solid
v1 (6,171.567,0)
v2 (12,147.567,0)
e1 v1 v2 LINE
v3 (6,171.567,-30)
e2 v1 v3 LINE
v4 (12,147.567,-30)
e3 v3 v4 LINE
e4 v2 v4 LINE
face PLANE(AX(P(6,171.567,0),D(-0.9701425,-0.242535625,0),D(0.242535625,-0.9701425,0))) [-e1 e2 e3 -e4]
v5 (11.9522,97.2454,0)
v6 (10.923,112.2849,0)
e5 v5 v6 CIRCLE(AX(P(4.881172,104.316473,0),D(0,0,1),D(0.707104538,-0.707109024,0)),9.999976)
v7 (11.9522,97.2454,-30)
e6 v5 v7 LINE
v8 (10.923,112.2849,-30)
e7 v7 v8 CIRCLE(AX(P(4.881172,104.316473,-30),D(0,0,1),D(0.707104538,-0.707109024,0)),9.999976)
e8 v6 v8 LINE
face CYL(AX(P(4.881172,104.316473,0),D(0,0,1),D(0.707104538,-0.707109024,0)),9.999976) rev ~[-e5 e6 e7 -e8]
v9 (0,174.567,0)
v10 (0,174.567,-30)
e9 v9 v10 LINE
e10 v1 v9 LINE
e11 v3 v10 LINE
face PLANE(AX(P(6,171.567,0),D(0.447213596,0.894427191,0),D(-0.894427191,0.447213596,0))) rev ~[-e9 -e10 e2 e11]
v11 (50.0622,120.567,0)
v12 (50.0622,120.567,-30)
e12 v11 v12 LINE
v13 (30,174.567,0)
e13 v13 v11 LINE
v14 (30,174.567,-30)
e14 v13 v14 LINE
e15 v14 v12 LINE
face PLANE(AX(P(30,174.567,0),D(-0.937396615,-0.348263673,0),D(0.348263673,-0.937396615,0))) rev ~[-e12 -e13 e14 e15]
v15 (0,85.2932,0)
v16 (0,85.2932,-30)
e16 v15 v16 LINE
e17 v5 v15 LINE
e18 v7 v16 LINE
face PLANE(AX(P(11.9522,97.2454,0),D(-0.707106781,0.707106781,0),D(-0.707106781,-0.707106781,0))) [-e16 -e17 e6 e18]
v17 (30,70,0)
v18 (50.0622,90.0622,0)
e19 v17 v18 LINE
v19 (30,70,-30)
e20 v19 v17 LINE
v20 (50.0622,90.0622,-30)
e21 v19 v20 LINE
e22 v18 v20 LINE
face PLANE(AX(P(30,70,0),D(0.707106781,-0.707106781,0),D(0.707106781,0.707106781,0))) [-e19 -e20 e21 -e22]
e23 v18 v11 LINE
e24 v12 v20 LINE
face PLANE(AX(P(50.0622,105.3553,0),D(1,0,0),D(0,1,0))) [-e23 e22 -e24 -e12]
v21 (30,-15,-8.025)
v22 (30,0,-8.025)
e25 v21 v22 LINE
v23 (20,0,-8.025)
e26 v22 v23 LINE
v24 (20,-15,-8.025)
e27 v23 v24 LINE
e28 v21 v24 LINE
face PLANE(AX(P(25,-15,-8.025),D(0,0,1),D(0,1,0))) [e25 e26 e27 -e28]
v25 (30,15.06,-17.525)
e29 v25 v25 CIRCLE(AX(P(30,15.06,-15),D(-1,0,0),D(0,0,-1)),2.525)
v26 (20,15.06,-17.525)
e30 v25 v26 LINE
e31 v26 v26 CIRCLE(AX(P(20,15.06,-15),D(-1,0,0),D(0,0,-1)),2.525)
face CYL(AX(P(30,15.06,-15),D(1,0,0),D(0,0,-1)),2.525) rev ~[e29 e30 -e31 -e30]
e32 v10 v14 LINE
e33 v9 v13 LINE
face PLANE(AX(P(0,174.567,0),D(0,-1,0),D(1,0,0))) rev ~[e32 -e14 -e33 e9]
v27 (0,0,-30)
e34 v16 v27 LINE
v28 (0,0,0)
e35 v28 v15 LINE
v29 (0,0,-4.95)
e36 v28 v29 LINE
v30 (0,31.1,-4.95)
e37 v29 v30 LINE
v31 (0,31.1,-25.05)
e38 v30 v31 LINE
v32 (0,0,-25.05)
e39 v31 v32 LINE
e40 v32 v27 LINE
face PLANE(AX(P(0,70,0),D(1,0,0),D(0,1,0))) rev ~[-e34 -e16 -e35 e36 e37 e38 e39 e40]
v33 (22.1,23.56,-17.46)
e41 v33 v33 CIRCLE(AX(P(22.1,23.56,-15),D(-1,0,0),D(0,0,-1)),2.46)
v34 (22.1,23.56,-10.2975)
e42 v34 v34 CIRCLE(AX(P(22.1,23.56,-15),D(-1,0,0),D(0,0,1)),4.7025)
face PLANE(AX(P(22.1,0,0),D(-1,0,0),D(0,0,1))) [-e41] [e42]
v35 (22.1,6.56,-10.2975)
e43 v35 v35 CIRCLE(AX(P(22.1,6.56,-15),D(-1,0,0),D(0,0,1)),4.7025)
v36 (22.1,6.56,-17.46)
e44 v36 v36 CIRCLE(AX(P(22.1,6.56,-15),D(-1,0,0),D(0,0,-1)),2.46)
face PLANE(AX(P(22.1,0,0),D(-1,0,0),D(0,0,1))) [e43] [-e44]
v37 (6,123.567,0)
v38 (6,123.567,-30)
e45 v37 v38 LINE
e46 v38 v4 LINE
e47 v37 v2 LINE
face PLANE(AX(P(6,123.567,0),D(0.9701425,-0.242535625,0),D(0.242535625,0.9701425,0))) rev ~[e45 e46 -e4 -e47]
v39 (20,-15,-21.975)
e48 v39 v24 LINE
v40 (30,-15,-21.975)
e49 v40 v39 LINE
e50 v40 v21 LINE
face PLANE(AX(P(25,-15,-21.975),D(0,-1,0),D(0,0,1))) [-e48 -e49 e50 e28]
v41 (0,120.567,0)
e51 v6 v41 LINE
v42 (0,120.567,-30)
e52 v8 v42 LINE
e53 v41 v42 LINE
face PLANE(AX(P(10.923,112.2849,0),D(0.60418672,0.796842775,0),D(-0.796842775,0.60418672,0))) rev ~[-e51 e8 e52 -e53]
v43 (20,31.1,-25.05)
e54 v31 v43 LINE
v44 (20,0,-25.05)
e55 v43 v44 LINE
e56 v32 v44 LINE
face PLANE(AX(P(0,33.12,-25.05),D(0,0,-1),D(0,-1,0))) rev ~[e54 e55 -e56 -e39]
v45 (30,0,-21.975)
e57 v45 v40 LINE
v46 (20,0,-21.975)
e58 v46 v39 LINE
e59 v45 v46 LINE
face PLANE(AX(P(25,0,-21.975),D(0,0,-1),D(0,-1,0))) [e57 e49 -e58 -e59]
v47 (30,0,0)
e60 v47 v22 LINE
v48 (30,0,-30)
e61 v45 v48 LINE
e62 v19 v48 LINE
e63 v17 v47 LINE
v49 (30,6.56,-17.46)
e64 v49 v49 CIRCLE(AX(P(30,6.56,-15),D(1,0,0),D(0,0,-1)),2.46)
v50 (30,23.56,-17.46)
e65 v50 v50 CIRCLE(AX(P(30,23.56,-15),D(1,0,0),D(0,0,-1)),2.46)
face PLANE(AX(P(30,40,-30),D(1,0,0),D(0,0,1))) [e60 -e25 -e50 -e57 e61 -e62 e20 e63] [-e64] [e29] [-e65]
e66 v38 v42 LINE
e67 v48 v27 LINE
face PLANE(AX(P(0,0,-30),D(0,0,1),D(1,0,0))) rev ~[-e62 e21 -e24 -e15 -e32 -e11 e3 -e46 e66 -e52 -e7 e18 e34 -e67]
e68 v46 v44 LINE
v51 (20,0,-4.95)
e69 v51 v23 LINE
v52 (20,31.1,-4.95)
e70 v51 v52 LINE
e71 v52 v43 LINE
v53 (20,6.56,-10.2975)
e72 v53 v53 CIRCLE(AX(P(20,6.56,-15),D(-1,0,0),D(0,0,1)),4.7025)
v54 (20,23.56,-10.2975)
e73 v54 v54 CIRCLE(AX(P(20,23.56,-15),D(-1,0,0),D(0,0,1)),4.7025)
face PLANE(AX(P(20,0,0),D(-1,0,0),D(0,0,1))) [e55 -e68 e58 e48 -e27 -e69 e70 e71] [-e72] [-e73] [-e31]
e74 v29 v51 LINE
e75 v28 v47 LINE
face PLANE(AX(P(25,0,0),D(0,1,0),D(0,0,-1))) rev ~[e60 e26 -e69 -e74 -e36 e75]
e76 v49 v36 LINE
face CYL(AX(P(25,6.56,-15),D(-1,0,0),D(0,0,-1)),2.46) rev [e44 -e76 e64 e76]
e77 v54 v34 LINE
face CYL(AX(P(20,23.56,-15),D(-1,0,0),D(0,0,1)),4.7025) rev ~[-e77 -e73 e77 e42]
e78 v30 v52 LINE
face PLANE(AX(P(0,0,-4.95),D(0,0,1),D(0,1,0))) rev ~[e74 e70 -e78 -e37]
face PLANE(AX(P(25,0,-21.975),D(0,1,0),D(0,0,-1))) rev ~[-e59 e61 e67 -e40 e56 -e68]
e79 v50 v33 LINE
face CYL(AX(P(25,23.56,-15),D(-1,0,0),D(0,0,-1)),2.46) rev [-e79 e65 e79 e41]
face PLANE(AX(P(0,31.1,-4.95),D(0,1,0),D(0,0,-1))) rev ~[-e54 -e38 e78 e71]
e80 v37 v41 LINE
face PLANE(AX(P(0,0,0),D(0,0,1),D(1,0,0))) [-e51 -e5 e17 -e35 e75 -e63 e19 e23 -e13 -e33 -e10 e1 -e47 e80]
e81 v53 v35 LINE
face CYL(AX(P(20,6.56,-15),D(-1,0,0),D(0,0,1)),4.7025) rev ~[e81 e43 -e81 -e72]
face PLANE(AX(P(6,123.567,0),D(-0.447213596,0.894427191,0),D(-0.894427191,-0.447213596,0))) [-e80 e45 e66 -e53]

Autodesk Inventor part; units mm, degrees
ref_plane "YZ Plane" through (0, 0, 0) normal (1, 0, 0) x (0, 1, 0)
ref_plane "XZ Plane" through (0, 0, 0) normal (0, 1, 0) x (-1, 0, 0)
ref_plane "XY Plane" through (0, 0, 0) normal (0, 0, 1) x (1, 0, 0)
sketch "Sketch1" plane through (0, 0, 0) normal (0, 0, 1) x (1, 0, 0)
  line L0 (0, 0) -> (25, 0)
  line L1 (25, 0) -> (25, 40)
  line L2 (25, 40) -> (0, 40)
  line L3 (0, 40) -> (0, 0)
  dimension "d1" = 25
  dimension "d2" = 40
  dimension "d3" = 25
extrude "Extrusion1" add sketch "Sketch1" against normal blind 30
sketch "Sketch2" plane through (25, 0, 0) normal (1, 0, 0) x (0, 0, -1)
  line L0 (0, 0) -> (30, 0) projected
  circle A0 centre (15, 6.56) radius 2.46
extrude "Extrusion2" cut sketch "Sketch2" against normal blind 30
sketch "Sketch3" plane through (0, 0, 0) normal (-1, 0, 0) x (0, 0, 1)
  line L0 (0, 0) -> (-30, 0) projected
  line L1 (-25.05, 0) -> (-4.95, 0)
  line L2 (-4.95, 0) -> (-4.95, 33.12)
  line L3 (-4.95, 33.12) -> (-25.05, 33.12)
  line L4 (-25.05, 33.12) -> (-25.05, 0)
  dimension "d11" = 20.1
extrude "Extrusion3" cut sketch "Sketch3" against normal blind 20
sketch "Sketch4" plane through (0, 0, 0) normal (0, -1, 0) x (1, 0, 0)
  line L0 (20, -4.95) -> (20, -25.05) projected
  line L1 (20, -15) -> (25, -15)
  line L2 (25, 0) -> (25, -30) projected
  line L3 (20, -8.025) -> (25, -8.025)
  line L4 (25, -8.025) -> (25, -21.975)
  line L5 (25, -21.975) -> (20, -21.975)
  line L6 (20, -21.975) -> (20, -8.025)
  line L7 (20, -8.025) -> (25, -21.975) construction
  line L8 (25, -8.025) -> (20, -21.975) construction
  line L9 (25, -12.54) -> (25, -17.46) projected
  point P0 (0, 0)
  point P1 (22.5, -15)
  dimension "d14" = 13.95
extrude "Extrusion4" add sketch "Sketch4" along normal blind 15
sketch "Sketch5" plane through (20, 0, 0) normal (-1, 0, 0) x (0, 0, 1)
  circle A0 centre (-15, 6.56) radius 2.46 projected
  circle A1 centre (-15, 6.56) radius 4.7025
  circle A2 centre (-15, 6.56) radius 2.46 projected
  circle A3 centre (-15, 6.56) radius 2.46
  point P0 (0, 0)
  dimension "d17" = 9.405
extrude "Extrusion5" cut sketch "Sketch5" against normal blind 2.1
sketch "Sketch6" plane through (25, 0, 0) normal (1, 0, 0) x (0, 0, -1)
  circle A0 centre (15, 6.56) radius 4.7025 projected
  line L0 (15, 6.56) -> (15, 23.56)
  circle A1 centre (15, 23.56) radius 2.46
  point P0 (0, 0)
  dimension "d20" = 17
  dimension "d21" = 4.92
extrude "Extrusion6" cut sketch "Sketch6" against normal blind 10 contours A1
sketch "Sketch7" plane through (20, 0, 0) normal (-1, 0, 0) x (0, 0, 1)
  circle A0 centre (-15, 23.56) radius 2.46 projected
  circle A1 centre (-15, 23.56) radius 4.7025
  point P0 (0, 0)
  dimension "d24" = 9.405
extrude "Extrusion7" cut sketch "Sketch7" against normal blind 2.1
sketch "Sketch9" plane through (25, 0, 0) normal (1, 0, 0) x (0, 0, -1)
  circle A0 centre (15, 6.56) radius 2.46 projected
  circle A1 centre (15, 6.56) radius 2.46
  circle A2 centre (15, 23.56) radius 2.46 projected
  circle A3 centre (15, 23.56) radius 2.46
  line L0 (30, 40) -> (30, 0) projected
  line L1 (30, 0) -> (30, 40)
  line L2 (30, 40) -> (0, 40)
  line L3 (0, 40) -> (0, 0)
  line L4 (0, 0) -> (8.025, 0) projected
  line L5 (21.975, 0) -> (21.975, -15)
  line L6 (21.975, -15) -> (8.025, -15)
  line L7 (8.025, -15) -> (8.025, 0)
  line L8 (0, 0) -> (8.025, 0)
  line L9 (21.975, 0) -> (30, 0)
extrude "Extrusion8" add sketch "Sketch9" along normal blind 5
sketch "Sketch10" plane through (0, 40, 0) normal (0, 1, 0) x (1, 0, 0)
  line L0 (0, 30) -> (30, 30) projected
  line L1 (30, 0) -> (0, 0) projected
  line L2 (0, 30) -> (30, 30)
  line L3 (30, 30) -> (30, 0)
  line L4 (30, 0) -> (0, 0)
  line L5 (0, 0) -> (0, 30)
extrude "Extrusion9" add sketch "Sketch10" along normal blind 30
sketch "Sketch12" plane through (30, 0, 0) normal (1, 0, 0) x (0, 0, -1)
  circle A0 centre (15, 6.56) radius 2.46 projected
  line L0 (15, 6.56) -> (15, 15.06)
  circle A1 centre (15, 15.06) radius 2.525
  point P0 (0, 0)
  dimension "d31" = 8.5
  dimension "d33" = 5.05
extrude "Extrusion10" cut sketch "Sketch12" against normal blind 30 contours A1
sketch "Sketch15" plane through (0, 0, -25.05) normal (-1, 0, 0) x (0, 0, 1)
  line L0 (0, 33.12) -> (20.1, 33.12) projected
  line L1 (20.1, 33.12) -> (20.1, 0) projected
  line L2 (0, 33.12) -> (20.1, 33.12)
  line L3 (20.1, 33.12) -> (20.1, 31.1)
  line L4 (20.1, 31.1) -> (0, 31.1)
  line L5 (0, 31.1) -> (0, 33.12)
  point P0 (25.05, 0)
  dimension "d57" = 2.02
extrude "Extrusion13" add sketch "Sketch15" against normal blind 20
sketch "Sketch17" plane through (0, 0, 0) normal (0, 0, 1) x (1, 0, 0)
  line L0 (0, 70) -> (30, 70) projected
  line L1 (30, 70) -> (50.0622, 90.0622)
  line L2 (30, 70) -> (80, 70) construction
  line L3 (11.9522, 97.2454) -> (0, 85.2932)
  line L4 (0, 70) -> (0, 85.2932)
  line L5 (0, 70) -> (0, 0) projected
  line L6 (0, 70) -> (30, 70)
  line L7 (10.923, 112.2849) -> (0, 120.567)
  line L8 (50.0622, 105.3553) -> (50.0622, 120.567)
  line L9 (50.0622, 105.3553) -> (50.0622, 90.0622)
  arc A0 (11.9522, 97.2454) -> (10.923, 112.2849) centre (4.8811, 104.3165) ccw
  line L10 (0, 174.567) -> (30, 174.567)
  line L11 (30, 174.567) -> (50.0622, 120.567)
  line L12 (6, 171.567) -> (0, 174.567)
  line L13 (6, 123.567) -> (0, 120.567)
  line L14 (6, 123.567) -> (12, 147.567)
  line L15 (6, 171.567) -> (12, 147.567)
  dimension "d61" = 45
  dimension "d62" = 32.0271
  dimension "d72" = 10
extrude "Extrusion14" add sketch "Sketch17" against normal blind 30
properties part number "rec_c_48mm_x_30mm"
